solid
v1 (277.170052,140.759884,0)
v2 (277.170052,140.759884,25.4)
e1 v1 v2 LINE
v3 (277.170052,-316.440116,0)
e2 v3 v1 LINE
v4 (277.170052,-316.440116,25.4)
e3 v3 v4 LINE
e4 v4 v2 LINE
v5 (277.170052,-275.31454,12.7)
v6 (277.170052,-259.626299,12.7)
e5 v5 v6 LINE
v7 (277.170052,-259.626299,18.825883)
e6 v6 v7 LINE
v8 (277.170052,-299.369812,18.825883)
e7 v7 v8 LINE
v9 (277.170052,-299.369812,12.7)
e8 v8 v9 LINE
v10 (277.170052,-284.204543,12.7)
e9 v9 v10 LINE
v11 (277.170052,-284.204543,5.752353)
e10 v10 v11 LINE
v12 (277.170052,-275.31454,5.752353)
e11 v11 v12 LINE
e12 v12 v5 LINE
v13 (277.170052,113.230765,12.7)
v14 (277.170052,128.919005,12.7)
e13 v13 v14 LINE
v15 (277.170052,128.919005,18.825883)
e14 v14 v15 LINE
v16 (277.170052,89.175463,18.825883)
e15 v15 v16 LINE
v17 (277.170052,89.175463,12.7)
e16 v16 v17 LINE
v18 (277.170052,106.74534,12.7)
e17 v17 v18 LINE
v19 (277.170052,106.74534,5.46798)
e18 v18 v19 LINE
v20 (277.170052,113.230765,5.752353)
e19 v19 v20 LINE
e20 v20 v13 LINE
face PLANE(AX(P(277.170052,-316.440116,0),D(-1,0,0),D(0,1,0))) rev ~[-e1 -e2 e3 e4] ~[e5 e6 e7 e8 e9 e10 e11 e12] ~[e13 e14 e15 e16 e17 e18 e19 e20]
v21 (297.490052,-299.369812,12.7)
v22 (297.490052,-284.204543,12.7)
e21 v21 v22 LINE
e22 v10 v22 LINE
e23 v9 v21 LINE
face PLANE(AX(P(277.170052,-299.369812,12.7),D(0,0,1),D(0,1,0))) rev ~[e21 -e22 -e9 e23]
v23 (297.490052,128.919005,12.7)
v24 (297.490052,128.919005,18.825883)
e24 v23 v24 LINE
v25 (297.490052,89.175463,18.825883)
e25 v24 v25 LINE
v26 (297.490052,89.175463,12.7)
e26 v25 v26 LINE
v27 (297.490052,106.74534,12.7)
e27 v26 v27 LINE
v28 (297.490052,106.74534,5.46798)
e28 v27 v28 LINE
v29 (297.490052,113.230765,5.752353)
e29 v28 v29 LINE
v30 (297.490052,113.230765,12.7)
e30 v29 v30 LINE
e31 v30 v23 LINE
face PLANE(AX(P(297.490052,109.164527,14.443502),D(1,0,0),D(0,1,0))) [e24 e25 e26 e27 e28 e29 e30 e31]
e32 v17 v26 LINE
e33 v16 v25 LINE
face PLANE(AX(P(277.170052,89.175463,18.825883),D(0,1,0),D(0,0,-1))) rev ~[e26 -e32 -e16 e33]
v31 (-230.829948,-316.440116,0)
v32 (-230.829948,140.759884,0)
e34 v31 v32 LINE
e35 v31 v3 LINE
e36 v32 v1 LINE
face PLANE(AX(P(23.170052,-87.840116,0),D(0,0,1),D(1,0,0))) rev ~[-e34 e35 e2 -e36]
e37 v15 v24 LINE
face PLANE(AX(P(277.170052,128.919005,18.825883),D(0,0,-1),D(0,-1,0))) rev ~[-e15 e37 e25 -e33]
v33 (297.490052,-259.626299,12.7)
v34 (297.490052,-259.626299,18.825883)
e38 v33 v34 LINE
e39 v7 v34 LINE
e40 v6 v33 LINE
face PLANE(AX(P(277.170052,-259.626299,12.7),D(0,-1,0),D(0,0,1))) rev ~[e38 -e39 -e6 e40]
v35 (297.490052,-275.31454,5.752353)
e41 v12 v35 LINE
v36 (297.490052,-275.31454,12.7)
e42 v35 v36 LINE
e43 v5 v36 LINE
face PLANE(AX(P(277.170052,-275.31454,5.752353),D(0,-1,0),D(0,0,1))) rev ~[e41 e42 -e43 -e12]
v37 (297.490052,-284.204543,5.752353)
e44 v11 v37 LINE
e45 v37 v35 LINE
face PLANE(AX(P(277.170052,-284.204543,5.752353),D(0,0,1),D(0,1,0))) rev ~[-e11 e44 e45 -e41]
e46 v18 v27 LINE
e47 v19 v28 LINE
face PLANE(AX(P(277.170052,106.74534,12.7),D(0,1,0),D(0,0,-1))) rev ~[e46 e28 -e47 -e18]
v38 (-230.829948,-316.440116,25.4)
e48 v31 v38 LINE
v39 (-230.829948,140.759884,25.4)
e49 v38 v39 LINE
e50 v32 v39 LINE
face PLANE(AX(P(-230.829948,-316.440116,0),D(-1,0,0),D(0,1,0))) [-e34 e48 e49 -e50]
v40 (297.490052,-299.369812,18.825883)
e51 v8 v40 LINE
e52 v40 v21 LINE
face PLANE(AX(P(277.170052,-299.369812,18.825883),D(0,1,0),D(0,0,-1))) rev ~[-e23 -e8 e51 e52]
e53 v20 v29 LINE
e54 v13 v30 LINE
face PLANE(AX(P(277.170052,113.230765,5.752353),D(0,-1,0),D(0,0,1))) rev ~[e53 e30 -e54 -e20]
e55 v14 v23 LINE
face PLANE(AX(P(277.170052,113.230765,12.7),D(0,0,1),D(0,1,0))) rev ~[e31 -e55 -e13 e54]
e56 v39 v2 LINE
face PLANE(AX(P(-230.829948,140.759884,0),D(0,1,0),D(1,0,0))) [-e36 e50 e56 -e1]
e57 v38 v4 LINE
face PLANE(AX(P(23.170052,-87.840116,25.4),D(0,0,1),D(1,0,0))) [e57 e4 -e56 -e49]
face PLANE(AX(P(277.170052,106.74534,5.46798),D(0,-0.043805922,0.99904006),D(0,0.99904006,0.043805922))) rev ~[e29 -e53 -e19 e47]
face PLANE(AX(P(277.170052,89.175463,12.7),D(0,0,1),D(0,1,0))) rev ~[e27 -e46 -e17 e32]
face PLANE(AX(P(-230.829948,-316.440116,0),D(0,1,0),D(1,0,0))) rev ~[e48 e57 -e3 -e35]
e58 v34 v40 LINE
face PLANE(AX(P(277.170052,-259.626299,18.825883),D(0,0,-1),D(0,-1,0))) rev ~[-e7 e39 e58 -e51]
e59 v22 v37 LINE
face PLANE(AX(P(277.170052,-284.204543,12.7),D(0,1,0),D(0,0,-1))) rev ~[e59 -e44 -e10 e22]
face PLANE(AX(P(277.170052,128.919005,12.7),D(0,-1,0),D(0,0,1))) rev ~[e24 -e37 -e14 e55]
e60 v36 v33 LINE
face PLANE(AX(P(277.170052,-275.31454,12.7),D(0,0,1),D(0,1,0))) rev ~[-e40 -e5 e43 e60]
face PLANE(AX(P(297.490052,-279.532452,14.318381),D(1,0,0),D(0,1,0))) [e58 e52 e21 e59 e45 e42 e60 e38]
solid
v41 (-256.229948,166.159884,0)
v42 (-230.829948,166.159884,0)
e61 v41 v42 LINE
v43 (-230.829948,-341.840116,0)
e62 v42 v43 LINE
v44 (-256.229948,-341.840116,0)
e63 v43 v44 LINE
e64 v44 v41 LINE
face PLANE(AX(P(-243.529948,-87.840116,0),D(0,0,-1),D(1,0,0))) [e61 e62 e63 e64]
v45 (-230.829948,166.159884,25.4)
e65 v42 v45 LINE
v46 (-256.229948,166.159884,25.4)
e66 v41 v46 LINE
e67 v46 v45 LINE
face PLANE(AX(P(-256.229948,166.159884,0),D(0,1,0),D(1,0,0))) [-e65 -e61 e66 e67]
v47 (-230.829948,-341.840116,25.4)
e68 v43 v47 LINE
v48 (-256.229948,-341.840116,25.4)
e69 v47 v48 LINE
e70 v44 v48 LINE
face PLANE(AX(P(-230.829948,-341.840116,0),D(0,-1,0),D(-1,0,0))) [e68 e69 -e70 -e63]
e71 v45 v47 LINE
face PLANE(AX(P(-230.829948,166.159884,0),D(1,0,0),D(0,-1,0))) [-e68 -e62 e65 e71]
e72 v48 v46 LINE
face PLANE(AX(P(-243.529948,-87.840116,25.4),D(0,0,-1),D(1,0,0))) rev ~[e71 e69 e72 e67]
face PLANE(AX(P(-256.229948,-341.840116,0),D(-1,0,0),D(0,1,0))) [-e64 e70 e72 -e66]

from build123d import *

# Parameters (mm, degrees)
F0_W     = 508
F0_H     = 457.2
F1_DEPTH = 25.4
F3_DEPTH = 25.4
F5_DEPTH = 20.32


with BuildPart() as f1:
    # F0 (on Top) → F1 (new body)
    with BuildSketch(Plane.XY):
        with Locations((23.170052, -87.840116)):
            Rectangle(F0_W, F0_H)
    extrude(amount=F1_DEPTH)

    # F4 (on face) → F5 (join)
    with BuildSketch(Plane.YZ.offset(277.170052)):
        Polygon((-259.626299, 18.825883), (-299.369812, 18.825883), (-299.369812, 12.7), (-284.204543, 12.7), (-284.204543, 5.752353), (-275.31454, 5.752353), (-275.31454, 12.7), (-259.626299, 12.7), align=None)
        Polygon((89.175463, 18.825883), (89.175463, 12.7), (106.74534, 12.7), (106.74534, 5.46798), (113.230765, 5.752353), (113.230765, 12.7), (128.919005, 12.7), (128.919005, 18.825883), align=None)
    extrude(amount=F5_DEPTH)


with BuildPart() as f3:
    # F2 (on face) → F3 (new body, through all)
    with BuildSketch(Plane(origin=(0, 0, 0), x_dir=(1, 0, 0), z_dir=(0, 0, -1))):
        Polygon((-230.829948, 316.440116), (-230.829948, 341.840116), (-256.229948, 341.840116), (-256.229948, -166.159884), (-230.829948, -166.159884), (-230.829948, -140.759884), align=None)
    extrude(amount=-F3_DEPTH)


solid = Compound([f1.part, f3.part])
